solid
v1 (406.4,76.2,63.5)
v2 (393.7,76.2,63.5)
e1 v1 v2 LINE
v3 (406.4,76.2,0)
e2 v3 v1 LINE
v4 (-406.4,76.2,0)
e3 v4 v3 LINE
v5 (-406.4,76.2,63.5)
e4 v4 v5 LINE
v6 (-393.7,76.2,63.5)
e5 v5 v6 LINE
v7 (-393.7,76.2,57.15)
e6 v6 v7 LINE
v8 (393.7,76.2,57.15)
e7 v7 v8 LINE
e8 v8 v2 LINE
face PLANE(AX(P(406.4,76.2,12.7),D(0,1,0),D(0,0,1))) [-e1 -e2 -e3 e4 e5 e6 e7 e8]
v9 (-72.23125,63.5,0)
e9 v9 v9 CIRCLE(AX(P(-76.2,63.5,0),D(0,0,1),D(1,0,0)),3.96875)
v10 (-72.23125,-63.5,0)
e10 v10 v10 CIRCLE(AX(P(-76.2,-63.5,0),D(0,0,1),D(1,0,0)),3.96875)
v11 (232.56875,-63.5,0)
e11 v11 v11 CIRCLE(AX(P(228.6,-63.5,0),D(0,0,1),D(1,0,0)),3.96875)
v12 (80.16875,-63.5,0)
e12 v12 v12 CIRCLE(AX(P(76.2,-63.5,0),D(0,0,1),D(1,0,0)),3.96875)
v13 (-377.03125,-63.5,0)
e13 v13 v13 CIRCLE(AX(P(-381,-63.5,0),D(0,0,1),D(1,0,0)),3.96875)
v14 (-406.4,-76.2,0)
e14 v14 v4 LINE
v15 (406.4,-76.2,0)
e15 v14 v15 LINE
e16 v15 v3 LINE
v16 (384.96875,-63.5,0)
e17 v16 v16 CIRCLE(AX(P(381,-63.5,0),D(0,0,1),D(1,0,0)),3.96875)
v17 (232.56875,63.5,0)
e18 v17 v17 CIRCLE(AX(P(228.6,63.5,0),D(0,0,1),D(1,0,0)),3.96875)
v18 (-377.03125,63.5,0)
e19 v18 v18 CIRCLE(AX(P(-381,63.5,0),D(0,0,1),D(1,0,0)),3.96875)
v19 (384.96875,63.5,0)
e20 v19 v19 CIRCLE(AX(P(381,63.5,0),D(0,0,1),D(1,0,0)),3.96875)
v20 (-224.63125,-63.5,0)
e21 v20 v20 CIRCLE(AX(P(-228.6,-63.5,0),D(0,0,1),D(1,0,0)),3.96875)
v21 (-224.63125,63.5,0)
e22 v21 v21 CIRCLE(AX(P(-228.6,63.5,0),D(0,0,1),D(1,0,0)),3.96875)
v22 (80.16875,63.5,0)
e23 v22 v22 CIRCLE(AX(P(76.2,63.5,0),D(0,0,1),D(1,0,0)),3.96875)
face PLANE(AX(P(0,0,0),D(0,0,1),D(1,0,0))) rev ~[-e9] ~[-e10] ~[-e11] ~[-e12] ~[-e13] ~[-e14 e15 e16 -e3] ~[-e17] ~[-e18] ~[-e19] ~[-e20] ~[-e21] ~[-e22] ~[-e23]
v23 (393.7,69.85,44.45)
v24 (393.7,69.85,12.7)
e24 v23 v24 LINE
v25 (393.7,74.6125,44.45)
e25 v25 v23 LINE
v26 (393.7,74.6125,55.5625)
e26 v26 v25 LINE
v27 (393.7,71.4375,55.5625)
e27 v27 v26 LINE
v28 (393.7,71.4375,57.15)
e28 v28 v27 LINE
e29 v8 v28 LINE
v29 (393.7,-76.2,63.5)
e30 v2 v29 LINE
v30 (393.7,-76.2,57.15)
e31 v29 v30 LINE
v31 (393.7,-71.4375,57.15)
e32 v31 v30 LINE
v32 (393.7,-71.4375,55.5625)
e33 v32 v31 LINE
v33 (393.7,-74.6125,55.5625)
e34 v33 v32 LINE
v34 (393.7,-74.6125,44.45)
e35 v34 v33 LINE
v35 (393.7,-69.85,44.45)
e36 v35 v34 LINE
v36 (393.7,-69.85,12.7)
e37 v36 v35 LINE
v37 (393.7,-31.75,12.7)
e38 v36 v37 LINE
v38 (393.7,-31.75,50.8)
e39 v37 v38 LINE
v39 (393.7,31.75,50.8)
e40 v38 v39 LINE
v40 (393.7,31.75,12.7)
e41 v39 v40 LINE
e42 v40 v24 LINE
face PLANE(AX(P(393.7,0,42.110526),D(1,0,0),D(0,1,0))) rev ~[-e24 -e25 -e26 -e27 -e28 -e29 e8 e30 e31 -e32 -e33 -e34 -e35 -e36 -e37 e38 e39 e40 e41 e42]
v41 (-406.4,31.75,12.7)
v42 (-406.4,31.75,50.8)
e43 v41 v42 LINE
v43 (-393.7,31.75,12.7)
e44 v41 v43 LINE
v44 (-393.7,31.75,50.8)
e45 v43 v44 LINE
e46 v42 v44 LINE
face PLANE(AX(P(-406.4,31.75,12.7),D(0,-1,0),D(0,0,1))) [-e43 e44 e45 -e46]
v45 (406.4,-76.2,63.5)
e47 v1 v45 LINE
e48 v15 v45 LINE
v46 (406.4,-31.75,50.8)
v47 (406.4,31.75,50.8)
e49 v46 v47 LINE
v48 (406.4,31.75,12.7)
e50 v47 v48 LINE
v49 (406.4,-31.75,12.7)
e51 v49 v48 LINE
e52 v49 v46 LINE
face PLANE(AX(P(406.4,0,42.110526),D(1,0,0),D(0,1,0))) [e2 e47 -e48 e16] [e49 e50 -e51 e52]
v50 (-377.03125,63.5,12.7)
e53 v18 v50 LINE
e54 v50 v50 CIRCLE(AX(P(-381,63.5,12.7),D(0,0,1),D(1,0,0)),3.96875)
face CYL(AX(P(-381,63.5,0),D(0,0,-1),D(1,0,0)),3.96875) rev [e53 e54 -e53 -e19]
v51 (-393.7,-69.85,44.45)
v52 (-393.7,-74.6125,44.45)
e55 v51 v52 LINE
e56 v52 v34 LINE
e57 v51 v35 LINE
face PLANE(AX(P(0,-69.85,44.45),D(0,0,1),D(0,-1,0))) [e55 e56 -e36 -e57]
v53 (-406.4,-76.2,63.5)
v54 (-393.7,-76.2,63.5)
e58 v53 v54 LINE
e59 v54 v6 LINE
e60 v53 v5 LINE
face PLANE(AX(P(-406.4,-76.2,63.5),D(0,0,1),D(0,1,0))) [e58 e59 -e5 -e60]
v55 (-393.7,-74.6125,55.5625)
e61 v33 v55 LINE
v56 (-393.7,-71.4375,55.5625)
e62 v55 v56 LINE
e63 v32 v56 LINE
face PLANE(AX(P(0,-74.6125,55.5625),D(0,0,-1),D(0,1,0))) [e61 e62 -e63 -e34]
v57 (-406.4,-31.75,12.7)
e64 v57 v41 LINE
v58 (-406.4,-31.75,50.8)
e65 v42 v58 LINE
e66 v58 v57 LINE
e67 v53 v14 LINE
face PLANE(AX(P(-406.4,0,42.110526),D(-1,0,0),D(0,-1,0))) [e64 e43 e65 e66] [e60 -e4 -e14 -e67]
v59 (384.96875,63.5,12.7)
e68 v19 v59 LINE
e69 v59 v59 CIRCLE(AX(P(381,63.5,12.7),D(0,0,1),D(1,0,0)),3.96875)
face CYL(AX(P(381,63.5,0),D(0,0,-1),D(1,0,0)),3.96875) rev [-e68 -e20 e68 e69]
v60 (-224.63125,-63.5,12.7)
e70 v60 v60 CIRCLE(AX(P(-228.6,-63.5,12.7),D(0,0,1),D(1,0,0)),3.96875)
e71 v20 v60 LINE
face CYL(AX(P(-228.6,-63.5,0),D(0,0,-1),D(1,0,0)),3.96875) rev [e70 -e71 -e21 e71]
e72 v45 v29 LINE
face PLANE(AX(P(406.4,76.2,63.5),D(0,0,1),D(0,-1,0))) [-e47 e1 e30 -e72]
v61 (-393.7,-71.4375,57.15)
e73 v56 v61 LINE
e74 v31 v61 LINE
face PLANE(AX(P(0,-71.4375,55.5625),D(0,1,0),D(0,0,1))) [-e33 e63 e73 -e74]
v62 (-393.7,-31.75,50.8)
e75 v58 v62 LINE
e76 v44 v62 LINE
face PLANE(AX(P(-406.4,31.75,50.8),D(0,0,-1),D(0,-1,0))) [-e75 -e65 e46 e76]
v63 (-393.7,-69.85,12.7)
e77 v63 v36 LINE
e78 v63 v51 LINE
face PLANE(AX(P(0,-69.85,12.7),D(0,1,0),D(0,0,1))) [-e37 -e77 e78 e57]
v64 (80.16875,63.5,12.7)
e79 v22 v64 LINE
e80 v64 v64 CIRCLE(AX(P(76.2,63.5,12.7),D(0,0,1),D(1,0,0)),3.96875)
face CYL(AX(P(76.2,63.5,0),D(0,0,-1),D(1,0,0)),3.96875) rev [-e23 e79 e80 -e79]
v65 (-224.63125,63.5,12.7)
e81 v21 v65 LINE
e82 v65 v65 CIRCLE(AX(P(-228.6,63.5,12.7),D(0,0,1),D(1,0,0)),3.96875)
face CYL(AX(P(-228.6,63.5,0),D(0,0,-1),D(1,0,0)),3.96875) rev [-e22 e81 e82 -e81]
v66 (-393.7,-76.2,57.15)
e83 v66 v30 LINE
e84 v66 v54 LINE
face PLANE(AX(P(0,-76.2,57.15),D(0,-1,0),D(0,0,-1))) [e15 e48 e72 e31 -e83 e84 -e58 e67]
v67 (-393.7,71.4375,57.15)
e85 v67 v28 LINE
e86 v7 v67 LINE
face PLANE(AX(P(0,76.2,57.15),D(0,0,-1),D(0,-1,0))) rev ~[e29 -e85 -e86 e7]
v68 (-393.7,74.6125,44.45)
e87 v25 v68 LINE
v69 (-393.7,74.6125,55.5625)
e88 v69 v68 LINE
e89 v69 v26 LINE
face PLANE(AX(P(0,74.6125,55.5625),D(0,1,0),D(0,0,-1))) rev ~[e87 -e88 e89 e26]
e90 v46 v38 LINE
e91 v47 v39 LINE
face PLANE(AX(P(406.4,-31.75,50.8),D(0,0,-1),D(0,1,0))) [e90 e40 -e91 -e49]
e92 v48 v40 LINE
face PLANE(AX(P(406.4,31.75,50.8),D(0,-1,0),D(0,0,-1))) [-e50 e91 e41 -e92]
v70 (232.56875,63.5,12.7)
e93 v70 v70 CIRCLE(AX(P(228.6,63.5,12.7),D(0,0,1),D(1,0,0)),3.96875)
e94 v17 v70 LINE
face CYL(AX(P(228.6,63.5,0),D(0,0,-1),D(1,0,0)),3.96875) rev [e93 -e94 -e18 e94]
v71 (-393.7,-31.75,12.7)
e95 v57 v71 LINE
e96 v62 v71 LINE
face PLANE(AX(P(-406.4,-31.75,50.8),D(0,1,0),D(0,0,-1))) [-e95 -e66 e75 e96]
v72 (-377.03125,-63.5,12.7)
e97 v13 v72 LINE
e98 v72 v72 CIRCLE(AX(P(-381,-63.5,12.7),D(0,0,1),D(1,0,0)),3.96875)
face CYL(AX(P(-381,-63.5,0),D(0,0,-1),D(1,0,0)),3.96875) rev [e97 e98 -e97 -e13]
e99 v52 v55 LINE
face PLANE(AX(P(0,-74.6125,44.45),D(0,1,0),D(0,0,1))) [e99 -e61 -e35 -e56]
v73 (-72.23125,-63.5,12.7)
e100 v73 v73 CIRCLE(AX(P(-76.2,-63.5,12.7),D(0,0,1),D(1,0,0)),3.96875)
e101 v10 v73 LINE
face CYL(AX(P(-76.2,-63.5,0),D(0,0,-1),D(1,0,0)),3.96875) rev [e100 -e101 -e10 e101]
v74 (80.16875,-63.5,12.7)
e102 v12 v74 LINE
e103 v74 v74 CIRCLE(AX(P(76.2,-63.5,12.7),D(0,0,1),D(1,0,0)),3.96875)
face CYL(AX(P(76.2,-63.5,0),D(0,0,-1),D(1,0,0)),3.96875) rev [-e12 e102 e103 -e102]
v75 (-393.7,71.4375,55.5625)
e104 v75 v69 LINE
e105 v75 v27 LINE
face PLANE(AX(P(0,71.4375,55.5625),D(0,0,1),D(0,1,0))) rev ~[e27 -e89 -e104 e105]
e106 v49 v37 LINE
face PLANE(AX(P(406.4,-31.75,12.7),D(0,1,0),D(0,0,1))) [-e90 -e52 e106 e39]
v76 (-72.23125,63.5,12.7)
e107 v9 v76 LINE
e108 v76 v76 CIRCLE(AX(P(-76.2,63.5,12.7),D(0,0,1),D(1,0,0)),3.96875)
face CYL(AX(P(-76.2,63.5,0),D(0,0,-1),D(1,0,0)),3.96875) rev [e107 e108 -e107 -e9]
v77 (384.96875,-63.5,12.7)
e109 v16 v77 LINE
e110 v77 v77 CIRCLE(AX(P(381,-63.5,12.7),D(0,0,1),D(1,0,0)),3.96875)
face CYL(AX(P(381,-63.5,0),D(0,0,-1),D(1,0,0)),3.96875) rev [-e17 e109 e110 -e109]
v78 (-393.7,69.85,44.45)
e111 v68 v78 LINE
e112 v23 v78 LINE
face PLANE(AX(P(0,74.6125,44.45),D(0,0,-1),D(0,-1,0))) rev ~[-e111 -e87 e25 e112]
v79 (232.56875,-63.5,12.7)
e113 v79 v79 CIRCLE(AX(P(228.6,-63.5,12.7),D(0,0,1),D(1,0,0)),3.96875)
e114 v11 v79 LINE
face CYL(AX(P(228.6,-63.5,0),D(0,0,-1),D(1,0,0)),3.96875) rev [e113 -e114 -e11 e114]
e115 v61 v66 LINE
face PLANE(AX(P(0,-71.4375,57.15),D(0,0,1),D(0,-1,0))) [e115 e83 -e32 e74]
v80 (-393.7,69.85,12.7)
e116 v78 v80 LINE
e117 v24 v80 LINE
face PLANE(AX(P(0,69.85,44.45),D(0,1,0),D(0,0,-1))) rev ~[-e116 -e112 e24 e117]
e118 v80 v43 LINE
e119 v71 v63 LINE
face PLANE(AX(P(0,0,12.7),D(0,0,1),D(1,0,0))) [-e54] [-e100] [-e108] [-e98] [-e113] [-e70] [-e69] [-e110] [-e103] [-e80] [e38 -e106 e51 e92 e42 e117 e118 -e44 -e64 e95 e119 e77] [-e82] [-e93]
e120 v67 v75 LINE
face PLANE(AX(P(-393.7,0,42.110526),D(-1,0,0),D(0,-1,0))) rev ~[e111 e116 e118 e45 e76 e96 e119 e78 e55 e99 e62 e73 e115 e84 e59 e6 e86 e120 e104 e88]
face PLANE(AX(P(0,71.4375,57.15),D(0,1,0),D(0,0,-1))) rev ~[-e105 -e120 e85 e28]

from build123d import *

# Parameters (mm, degrees)
F0_W     = 812.8
F0_H     = 152.4
F0_R     = 3.96875
F1_DEPTH = 12.7
F3_DEPTH = 12.7
F5_DEPTH = 12.7
F7_DEPTH = 393.7


with BuildPart() as f1:
    # F0 (on Top) → F1 (new body)
    with BuildSketch(Plane.XY):
        Rectangle(F0_W, F0_H)
        with Locations((-381, -63.5)):
            Circle(F0_R, mode=Mode.SUBTRACT)
        with Locations((-228.6, -63.5)):
            Circle(F0_R, mode=Mode.SUBTRACT)
        with Locations((-76.2, -63.5)):
            Circle(F0_R, mode=Mode.SUBTRACT)
        with Locations((76.2, -63.5)):
            Circle(F0_R, mode=Mode.SUBTRACT)
        with Locations((228.6, -63.5)):
            Circle(F0_R, mode=Mode.SUBTRACT)
        with Locations((381, -63.5)):
            Circle(F0_R, mode=Mode.SUBTRACT)
        with Locations((-381, 63.5)):
            Circle(F0_R, mode=Mode.SUBTRACT)
        with Locations((-228.6, 63.5)):
            Circle(F0_R, mode=Mode.SUBTRACT)
        with Locations((-76.2, 63.5)):
            Circle(F0_R, mode=Mode.SUBTRACT)
        with Locations((76.2, 63.5)):
            Circle(F0_R, mode=Mode.SUBTRACT)
        with Locations((228.6, 63.5)):
            Circle(F0_R, mode=Mode.SUBTRACT)
        with Locations((381, 63.5)):
            Circle(F0_R, mode=Mode.SUBTRACT)
    extrude(amount=F1_DEPTH)

    # F2 (on face) → F3 (join)
    with BuildSketch(Plane(origin=(-406.4, 0, 0), x_dir=(0, -1, 0), z_dir=(-1, 0, 0))):
        Polygon((76.2, 63.5), (-76.2, 63.5), (-76.2, 12.7), (-31.75, 12.7), (-31.75, 50.8), (31.75, 50.8), (31.75, 12.7), (76.2, 12.7), align=None)
    extrude(amount=-F3_DEPTH)

    # F4 (on face) → F5 (join)
    with BuildSketch(Plane.YZ.offset(406.4)):
        Polygon((-76.2, 63.5), (-76.2, 12.7), (-31.75, 12.7), (-31.75, 50.8), (31.75, 50.8), (31.75, 12.7), (76.2, 12.7), (76.2, 63.5), align=None)
    extrude(amount=-F5_DEPTH)

    # F6 (on Right) → F7 (join, symmetric)
    with BuildSketch(Plane.YZ):
        Polygon((69.85, 12.7), (76.2, 12.7), (76.2, 57.15), (71.4375, 57.15), (71.4375, 55.5625), (74.6125, 55.5625), (74.6125, 44.45), (69.85, 44.45), align=None)
        Polygon((-71.4375, 57.15), (-76.2, 57.15), (-76.2, 12.7), (-69.85, 12.7), (-69.85, 44.45), (-74.6125, 44.45), (-74.6125, 55.5625), (-71.4375, 55.5625), align=None)
    extrude(amount=F7_DEPTH, both=True)


solid = f1.part
